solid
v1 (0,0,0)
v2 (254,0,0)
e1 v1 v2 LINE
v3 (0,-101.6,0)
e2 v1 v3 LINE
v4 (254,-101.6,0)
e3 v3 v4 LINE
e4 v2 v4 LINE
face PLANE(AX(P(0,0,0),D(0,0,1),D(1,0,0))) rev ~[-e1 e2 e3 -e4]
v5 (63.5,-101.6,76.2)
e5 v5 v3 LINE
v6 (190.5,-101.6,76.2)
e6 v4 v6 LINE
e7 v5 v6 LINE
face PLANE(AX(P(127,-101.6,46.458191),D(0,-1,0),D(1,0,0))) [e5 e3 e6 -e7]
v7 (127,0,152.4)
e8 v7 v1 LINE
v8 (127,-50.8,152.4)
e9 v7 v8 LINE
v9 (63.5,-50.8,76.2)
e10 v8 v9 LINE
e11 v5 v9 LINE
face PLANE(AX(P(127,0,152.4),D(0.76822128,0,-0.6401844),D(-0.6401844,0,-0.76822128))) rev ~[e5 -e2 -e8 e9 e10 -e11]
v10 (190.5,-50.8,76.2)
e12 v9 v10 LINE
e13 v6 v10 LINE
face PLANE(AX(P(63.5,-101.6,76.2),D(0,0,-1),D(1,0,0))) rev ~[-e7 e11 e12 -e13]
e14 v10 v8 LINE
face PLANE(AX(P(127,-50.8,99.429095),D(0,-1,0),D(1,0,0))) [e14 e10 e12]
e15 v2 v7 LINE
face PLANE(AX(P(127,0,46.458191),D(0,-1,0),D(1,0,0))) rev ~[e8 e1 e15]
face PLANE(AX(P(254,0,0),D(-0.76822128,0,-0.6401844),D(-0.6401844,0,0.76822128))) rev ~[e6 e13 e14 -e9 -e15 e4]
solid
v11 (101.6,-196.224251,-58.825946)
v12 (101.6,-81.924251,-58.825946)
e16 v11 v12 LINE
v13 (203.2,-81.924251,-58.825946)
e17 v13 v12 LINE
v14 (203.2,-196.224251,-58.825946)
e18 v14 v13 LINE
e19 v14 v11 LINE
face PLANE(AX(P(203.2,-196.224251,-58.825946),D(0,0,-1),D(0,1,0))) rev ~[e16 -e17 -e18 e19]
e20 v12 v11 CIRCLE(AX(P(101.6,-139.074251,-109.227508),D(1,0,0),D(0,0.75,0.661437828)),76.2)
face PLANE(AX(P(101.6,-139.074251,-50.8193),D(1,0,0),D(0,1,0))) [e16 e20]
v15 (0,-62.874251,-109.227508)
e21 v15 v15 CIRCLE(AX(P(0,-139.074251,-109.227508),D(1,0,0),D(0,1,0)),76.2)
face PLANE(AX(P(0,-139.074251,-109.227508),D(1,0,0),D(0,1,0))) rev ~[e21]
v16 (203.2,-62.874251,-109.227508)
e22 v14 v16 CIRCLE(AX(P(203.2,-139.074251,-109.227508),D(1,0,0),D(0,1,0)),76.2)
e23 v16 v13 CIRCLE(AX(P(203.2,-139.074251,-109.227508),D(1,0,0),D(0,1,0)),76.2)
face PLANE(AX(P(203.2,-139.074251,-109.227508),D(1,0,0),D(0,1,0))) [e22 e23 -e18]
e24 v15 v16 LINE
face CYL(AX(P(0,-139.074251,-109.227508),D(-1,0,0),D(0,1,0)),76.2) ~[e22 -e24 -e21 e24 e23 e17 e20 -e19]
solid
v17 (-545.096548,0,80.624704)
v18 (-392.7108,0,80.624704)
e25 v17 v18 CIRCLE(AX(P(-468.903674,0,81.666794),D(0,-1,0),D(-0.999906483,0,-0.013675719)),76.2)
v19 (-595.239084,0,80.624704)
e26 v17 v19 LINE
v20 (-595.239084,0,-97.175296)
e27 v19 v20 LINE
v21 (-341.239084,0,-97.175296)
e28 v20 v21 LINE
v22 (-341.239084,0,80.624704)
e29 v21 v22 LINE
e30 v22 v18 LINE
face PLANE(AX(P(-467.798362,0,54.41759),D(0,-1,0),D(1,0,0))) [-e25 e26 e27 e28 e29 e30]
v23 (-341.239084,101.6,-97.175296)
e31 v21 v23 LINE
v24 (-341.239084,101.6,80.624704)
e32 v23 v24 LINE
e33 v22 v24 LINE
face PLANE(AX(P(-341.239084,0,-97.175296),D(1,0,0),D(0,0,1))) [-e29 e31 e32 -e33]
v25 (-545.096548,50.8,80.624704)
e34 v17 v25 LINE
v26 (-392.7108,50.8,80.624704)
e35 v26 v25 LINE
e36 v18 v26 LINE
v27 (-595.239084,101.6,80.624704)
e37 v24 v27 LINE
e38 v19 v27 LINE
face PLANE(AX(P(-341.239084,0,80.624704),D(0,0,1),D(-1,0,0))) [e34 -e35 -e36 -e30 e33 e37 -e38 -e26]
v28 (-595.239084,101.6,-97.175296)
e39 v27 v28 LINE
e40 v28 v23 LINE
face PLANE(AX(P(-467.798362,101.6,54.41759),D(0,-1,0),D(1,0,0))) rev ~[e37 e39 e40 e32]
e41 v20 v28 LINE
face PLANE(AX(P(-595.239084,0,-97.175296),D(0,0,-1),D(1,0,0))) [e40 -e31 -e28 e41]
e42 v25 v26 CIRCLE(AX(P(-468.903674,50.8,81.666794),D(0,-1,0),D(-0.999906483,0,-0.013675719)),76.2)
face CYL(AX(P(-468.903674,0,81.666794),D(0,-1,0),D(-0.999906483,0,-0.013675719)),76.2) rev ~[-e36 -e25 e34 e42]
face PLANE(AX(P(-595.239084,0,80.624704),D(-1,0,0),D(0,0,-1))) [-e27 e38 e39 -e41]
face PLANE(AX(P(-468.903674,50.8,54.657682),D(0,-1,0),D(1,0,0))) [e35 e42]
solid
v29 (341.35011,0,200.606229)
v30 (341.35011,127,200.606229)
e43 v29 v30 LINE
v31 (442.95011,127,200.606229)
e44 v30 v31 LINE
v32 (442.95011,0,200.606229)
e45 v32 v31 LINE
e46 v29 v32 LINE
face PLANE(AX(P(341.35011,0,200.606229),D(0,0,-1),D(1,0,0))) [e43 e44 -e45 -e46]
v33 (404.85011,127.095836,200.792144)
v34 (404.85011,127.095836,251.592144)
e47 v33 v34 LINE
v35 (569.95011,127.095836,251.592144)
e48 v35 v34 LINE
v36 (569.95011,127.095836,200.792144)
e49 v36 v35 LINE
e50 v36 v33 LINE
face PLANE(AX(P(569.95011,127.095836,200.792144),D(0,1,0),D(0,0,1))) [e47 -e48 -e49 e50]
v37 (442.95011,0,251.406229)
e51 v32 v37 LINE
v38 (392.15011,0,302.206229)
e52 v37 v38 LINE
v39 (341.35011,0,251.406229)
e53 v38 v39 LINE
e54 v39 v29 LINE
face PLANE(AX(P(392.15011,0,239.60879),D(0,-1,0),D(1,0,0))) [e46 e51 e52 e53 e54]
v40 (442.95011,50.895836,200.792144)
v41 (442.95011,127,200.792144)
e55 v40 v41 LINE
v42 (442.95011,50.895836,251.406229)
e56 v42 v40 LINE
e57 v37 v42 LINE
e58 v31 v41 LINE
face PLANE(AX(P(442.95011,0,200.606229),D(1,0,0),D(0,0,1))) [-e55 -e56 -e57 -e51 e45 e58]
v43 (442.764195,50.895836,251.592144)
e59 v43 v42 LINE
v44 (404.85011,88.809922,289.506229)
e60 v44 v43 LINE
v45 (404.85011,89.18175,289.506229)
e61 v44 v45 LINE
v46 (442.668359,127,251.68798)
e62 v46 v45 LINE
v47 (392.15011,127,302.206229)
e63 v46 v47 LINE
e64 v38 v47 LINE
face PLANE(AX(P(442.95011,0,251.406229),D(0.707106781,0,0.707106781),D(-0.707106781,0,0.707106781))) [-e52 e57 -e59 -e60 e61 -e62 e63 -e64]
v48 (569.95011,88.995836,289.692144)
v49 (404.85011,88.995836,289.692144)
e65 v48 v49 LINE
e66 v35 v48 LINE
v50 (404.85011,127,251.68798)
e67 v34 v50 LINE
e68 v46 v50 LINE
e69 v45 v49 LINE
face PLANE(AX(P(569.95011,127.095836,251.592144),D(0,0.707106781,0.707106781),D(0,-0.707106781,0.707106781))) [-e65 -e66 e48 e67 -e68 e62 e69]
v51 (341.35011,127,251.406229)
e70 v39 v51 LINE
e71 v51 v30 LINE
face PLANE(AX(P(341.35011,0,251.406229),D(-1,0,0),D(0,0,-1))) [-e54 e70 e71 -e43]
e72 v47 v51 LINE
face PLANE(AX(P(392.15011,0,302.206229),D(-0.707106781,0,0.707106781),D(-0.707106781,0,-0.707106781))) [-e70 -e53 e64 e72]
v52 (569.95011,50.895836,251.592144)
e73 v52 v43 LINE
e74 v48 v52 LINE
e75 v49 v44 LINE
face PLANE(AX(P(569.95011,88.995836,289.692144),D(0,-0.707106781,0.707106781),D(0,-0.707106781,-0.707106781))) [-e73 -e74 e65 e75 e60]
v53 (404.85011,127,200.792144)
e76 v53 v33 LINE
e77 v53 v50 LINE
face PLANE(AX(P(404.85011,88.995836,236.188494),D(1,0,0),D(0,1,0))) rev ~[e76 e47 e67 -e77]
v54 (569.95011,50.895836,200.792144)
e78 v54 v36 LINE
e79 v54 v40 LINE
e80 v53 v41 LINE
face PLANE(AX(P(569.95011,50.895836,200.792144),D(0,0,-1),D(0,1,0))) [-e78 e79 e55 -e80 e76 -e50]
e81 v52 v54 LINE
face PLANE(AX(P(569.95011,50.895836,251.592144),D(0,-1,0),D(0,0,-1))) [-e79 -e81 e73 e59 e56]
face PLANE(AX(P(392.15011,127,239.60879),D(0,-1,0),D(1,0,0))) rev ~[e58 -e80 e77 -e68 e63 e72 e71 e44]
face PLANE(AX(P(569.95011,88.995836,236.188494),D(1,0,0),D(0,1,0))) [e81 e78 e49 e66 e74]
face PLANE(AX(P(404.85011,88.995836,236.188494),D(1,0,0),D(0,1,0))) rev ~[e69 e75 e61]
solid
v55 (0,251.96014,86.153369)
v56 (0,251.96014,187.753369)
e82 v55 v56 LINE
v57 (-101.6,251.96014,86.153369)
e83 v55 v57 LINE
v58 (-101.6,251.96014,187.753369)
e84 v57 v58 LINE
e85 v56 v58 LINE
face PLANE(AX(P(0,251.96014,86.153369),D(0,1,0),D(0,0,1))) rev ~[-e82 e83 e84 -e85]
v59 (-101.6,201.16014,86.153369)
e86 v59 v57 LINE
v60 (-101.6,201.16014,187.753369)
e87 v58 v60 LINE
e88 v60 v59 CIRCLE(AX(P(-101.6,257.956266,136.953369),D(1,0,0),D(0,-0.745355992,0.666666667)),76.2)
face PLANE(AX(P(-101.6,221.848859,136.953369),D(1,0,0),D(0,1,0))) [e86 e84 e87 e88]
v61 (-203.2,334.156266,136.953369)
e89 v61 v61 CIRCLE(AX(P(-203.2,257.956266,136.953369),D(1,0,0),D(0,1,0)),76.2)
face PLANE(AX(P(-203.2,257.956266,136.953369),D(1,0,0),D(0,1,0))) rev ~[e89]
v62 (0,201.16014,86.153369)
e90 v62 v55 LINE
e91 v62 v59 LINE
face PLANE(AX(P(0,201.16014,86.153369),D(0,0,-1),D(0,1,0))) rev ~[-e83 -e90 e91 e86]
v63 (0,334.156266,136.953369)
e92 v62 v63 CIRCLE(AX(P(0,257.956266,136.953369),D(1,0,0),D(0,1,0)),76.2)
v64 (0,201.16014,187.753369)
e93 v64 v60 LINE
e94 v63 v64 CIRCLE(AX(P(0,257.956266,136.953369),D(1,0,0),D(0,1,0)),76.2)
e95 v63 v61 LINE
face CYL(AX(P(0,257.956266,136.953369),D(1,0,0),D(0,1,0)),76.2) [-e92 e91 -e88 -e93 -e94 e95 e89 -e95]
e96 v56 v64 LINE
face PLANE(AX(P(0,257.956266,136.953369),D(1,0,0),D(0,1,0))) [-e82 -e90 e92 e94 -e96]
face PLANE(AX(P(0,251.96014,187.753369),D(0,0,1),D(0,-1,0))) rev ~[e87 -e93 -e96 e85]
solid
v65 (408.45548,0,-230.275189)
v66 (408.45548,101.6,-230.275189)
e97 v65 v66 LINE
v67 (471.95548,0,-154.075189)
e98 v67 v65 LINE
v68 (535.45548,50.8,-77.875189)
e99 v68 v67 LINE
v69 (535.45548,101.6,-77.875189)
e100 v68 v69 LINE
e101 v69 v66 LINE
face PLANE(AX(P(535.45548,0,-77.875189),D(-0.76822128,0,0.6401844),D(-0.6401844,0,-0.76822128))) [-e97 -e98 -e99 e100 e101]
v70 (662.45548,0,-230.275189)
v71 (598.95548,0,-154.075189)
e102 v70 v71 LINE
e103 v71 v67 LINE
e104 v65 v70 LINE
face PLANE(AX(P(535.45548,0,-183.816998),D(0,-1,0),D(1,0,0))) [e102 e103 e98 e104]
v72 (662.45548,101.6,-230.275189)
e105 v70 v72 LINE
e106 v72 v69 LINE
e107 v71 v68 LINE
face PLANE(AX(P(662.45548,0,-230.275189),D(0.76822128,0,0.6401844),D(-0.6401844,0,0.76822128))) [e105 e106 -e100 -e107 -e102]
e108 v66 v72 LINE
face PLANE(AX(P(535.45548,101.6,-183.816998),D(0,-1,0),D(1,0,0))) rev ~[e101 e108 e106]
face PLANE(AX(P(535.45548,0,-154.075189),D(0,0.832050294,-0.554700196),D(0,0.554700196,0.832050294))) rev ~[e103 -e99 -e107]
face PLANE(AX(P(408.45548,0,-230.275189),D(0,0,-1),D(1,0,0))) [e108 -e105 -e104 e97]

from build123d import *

# Parameters (mm, degrees)
F1_DEPTH  = 101.6
F3_DEPTH  = 50.8
F5_DEPTH  = 101.6
F9_DEPTH  = 63.5
F11_DEPTH = 127
F14_DEPTH = 165.1
F15_R     = 76.2
F16_DEPTH = 203.2
F18_DEPTH = 101.6
F19_R     = 76.2
F20_DEPTH = 203.2
F22_DEPTH = 101.6
F24_DEPTH = 101.6
F26_DEPTH = 50.8


with BuildPart() as f1:
    # F0 (on Front) → F1 (new body)
    with BuildSketch(Plane.XZ):
        Polygon((127, 152.4), (0, 0), (254, 0), align=None)
    extrude(amount=F1_DEPTH)

    # F2 (on face) → F3 (cut)
    with BuildSketch(Plane.XZ.offset(101.6)):
        Polygon((190.5, 76.2), (127, 152.4), (63.5, 76.2), align=None)
    extrude(amount=-F3_DEPTH, mode=Mode.SUBTRACT)


with BuildPart() as f5:
    # F4 (on Front) → F5 (new body)
    with BuildSketch(Plane.XZ):
        Polygon((535.4554802179, -77.8751887038), (408.4554802179, -230.2751887038), (662.4554802179, -230.2751887038), align=None)
    extrude(amount=-F5_DEPTH)

    # F8 (on 3pt) → F9 (cut, symmetric)
    with BuildSketch(Plane.YZ.offset(535.4554802179)):
        Polygon((50.8, -77.8751887038), (0, -77.8751887038), (0, -154.0751887038), align=None)
    extrude(amount=F9_DEPTH, both=True, mode=Mode.SUBTRACT)


with BuildPart() as f11:
    # F10 (on Front) → F11 (new body)
    with BuildSketch(Plane.XZ):
        Polygon((341.3501097689, 251.4062291985), (341.3501097689, 200.6062291985), (442.9501097689, 200.6062291985), (442.9501097689, 251.4062291985), (392.1501097689, 302.2062291985), align=None)
    extrude(amount=-F11_DEPTH)

    # F13 (on offset) → F14 (join)
    with BuildSketch(Plane.YZ.offset(569.9501097689)):
        Polygon((50.8958360949, 200.7921435535), (127.0958360949, 200.7921435535), (127.0958360949, 251.5921435535), (88.9958360949, 289.6921435535), (50.8958360949, 251.5921435535), align=None)
    extrude(amount=-F14_DEPTH)


with BuildPart() as f16:
    # F15 (on Right) → F16 (new body)
    with BuildSketch(Plane.YZ):
        with Locations((-139.0742510557, -109.2275083065)):
            Circle(F15_R)
    extrude(amount=F16_DEPTH)

    # F17 (on face) → F18 (cut)
    with BuildSketch(Plane.YZ.offset(203.2)):
        with BuildLine():
            ThreePointArc((-81.9242510557, -58.8259458307), (-139.0742510557, -33.0275083065), (-196.2242510557, -58.8259458307))
            Line((-196.2242510557, -58.8259458307), (-81.9242510557, -58.8259458307))
        make_face()
    extrude(amount=-F18_DEPTH, mode=Mode.SUBTRACT)


with BuildPart() as f20:
    # F19 (on Right) → F20 (new body)
    with BuildSketch(Plane.YZ):
        with Locations((257.9562664032, 136.953368783)):
            Circle(F19_R)
    extrude(amount=-F20_DEPTH)

    # F21 (on face) → F22 (cut)
    with BuildSketch(Plane.YZ):
        with BuildLine():
            Line((251.9601397747, 187.753368783), (201.1601397747, 187.753368783))
            ThreePointArc((201.1601397747, 187.753368783), (181.7562664032, 136.953368783), (201.1601397747, 86.153368783))
            Line((201.1601397747, 86.153368783), (251.9601397747, 86.153368783))
            Line((251.9601397747, 86.153368783), (251.9601397747, 187.753368783))
        make_face()
    extrude(amount=-F22_DEPTH, mode=Mode.SUBTRACT)


with BuildPart() as f24:
    # F23 (on Front) → F24 (new body)
    with BuildSketch(Plane.XZ):
        with BuildLine():
            Line((-391.5997425731, 80.6247038461), (-543.9969814222, 80.6247038461))
            ThreePointArc((-543.9969814222, 80.6247038461), (-467.7983619976, 4.8833952363), (-391.5997425731, 80.6247038461))
        make_face()
        with BuildLine():
            Line((-543.9969814222, 80.6247038461), (-595.2390838861, 80.6247038461))
            Line((-595.2390838861, 80.6247038461), (-595.2390838861, -97.1752961539))
            Line((-595.2390838861, -97.1752961539), (-341.2390838861, -97.1752961539))
            Line((-341.2390838861, -97.1752961539), (-341.2390838861, 80.6247038461))
            Line((-341.2390838861, 80.6247038461), (-391.5997425731, 80.6247038461))
            ThreePointArc((-391.5997425731, 80.6247038461), (-467.7983619976, 4.8833952363), (-543.9969814222, 80.6247038461))
        make_face()
    extrude(amount=-F24_DEPTH)

    # F25 (on face) → F26 (cut)
    with BuildSketch(Plane.XZ):
        with BuildLine():
            Line((-392.7107999736, 80.6247038461), (-545.0965479792, 80.6247038461))
            ThreePointArc((-545.0965479792, 80.6247038461), (-468.9036739764, 5.4667936684), (-392.7107999736, 80.6247038461))
        make_face()
    extrude(amount=-F26_DEPTH, mode=Mode.SUBTRACT)


solid = Compound([f1.part, f5.part, f11.part, f16.part, f20.part, f24.part])
